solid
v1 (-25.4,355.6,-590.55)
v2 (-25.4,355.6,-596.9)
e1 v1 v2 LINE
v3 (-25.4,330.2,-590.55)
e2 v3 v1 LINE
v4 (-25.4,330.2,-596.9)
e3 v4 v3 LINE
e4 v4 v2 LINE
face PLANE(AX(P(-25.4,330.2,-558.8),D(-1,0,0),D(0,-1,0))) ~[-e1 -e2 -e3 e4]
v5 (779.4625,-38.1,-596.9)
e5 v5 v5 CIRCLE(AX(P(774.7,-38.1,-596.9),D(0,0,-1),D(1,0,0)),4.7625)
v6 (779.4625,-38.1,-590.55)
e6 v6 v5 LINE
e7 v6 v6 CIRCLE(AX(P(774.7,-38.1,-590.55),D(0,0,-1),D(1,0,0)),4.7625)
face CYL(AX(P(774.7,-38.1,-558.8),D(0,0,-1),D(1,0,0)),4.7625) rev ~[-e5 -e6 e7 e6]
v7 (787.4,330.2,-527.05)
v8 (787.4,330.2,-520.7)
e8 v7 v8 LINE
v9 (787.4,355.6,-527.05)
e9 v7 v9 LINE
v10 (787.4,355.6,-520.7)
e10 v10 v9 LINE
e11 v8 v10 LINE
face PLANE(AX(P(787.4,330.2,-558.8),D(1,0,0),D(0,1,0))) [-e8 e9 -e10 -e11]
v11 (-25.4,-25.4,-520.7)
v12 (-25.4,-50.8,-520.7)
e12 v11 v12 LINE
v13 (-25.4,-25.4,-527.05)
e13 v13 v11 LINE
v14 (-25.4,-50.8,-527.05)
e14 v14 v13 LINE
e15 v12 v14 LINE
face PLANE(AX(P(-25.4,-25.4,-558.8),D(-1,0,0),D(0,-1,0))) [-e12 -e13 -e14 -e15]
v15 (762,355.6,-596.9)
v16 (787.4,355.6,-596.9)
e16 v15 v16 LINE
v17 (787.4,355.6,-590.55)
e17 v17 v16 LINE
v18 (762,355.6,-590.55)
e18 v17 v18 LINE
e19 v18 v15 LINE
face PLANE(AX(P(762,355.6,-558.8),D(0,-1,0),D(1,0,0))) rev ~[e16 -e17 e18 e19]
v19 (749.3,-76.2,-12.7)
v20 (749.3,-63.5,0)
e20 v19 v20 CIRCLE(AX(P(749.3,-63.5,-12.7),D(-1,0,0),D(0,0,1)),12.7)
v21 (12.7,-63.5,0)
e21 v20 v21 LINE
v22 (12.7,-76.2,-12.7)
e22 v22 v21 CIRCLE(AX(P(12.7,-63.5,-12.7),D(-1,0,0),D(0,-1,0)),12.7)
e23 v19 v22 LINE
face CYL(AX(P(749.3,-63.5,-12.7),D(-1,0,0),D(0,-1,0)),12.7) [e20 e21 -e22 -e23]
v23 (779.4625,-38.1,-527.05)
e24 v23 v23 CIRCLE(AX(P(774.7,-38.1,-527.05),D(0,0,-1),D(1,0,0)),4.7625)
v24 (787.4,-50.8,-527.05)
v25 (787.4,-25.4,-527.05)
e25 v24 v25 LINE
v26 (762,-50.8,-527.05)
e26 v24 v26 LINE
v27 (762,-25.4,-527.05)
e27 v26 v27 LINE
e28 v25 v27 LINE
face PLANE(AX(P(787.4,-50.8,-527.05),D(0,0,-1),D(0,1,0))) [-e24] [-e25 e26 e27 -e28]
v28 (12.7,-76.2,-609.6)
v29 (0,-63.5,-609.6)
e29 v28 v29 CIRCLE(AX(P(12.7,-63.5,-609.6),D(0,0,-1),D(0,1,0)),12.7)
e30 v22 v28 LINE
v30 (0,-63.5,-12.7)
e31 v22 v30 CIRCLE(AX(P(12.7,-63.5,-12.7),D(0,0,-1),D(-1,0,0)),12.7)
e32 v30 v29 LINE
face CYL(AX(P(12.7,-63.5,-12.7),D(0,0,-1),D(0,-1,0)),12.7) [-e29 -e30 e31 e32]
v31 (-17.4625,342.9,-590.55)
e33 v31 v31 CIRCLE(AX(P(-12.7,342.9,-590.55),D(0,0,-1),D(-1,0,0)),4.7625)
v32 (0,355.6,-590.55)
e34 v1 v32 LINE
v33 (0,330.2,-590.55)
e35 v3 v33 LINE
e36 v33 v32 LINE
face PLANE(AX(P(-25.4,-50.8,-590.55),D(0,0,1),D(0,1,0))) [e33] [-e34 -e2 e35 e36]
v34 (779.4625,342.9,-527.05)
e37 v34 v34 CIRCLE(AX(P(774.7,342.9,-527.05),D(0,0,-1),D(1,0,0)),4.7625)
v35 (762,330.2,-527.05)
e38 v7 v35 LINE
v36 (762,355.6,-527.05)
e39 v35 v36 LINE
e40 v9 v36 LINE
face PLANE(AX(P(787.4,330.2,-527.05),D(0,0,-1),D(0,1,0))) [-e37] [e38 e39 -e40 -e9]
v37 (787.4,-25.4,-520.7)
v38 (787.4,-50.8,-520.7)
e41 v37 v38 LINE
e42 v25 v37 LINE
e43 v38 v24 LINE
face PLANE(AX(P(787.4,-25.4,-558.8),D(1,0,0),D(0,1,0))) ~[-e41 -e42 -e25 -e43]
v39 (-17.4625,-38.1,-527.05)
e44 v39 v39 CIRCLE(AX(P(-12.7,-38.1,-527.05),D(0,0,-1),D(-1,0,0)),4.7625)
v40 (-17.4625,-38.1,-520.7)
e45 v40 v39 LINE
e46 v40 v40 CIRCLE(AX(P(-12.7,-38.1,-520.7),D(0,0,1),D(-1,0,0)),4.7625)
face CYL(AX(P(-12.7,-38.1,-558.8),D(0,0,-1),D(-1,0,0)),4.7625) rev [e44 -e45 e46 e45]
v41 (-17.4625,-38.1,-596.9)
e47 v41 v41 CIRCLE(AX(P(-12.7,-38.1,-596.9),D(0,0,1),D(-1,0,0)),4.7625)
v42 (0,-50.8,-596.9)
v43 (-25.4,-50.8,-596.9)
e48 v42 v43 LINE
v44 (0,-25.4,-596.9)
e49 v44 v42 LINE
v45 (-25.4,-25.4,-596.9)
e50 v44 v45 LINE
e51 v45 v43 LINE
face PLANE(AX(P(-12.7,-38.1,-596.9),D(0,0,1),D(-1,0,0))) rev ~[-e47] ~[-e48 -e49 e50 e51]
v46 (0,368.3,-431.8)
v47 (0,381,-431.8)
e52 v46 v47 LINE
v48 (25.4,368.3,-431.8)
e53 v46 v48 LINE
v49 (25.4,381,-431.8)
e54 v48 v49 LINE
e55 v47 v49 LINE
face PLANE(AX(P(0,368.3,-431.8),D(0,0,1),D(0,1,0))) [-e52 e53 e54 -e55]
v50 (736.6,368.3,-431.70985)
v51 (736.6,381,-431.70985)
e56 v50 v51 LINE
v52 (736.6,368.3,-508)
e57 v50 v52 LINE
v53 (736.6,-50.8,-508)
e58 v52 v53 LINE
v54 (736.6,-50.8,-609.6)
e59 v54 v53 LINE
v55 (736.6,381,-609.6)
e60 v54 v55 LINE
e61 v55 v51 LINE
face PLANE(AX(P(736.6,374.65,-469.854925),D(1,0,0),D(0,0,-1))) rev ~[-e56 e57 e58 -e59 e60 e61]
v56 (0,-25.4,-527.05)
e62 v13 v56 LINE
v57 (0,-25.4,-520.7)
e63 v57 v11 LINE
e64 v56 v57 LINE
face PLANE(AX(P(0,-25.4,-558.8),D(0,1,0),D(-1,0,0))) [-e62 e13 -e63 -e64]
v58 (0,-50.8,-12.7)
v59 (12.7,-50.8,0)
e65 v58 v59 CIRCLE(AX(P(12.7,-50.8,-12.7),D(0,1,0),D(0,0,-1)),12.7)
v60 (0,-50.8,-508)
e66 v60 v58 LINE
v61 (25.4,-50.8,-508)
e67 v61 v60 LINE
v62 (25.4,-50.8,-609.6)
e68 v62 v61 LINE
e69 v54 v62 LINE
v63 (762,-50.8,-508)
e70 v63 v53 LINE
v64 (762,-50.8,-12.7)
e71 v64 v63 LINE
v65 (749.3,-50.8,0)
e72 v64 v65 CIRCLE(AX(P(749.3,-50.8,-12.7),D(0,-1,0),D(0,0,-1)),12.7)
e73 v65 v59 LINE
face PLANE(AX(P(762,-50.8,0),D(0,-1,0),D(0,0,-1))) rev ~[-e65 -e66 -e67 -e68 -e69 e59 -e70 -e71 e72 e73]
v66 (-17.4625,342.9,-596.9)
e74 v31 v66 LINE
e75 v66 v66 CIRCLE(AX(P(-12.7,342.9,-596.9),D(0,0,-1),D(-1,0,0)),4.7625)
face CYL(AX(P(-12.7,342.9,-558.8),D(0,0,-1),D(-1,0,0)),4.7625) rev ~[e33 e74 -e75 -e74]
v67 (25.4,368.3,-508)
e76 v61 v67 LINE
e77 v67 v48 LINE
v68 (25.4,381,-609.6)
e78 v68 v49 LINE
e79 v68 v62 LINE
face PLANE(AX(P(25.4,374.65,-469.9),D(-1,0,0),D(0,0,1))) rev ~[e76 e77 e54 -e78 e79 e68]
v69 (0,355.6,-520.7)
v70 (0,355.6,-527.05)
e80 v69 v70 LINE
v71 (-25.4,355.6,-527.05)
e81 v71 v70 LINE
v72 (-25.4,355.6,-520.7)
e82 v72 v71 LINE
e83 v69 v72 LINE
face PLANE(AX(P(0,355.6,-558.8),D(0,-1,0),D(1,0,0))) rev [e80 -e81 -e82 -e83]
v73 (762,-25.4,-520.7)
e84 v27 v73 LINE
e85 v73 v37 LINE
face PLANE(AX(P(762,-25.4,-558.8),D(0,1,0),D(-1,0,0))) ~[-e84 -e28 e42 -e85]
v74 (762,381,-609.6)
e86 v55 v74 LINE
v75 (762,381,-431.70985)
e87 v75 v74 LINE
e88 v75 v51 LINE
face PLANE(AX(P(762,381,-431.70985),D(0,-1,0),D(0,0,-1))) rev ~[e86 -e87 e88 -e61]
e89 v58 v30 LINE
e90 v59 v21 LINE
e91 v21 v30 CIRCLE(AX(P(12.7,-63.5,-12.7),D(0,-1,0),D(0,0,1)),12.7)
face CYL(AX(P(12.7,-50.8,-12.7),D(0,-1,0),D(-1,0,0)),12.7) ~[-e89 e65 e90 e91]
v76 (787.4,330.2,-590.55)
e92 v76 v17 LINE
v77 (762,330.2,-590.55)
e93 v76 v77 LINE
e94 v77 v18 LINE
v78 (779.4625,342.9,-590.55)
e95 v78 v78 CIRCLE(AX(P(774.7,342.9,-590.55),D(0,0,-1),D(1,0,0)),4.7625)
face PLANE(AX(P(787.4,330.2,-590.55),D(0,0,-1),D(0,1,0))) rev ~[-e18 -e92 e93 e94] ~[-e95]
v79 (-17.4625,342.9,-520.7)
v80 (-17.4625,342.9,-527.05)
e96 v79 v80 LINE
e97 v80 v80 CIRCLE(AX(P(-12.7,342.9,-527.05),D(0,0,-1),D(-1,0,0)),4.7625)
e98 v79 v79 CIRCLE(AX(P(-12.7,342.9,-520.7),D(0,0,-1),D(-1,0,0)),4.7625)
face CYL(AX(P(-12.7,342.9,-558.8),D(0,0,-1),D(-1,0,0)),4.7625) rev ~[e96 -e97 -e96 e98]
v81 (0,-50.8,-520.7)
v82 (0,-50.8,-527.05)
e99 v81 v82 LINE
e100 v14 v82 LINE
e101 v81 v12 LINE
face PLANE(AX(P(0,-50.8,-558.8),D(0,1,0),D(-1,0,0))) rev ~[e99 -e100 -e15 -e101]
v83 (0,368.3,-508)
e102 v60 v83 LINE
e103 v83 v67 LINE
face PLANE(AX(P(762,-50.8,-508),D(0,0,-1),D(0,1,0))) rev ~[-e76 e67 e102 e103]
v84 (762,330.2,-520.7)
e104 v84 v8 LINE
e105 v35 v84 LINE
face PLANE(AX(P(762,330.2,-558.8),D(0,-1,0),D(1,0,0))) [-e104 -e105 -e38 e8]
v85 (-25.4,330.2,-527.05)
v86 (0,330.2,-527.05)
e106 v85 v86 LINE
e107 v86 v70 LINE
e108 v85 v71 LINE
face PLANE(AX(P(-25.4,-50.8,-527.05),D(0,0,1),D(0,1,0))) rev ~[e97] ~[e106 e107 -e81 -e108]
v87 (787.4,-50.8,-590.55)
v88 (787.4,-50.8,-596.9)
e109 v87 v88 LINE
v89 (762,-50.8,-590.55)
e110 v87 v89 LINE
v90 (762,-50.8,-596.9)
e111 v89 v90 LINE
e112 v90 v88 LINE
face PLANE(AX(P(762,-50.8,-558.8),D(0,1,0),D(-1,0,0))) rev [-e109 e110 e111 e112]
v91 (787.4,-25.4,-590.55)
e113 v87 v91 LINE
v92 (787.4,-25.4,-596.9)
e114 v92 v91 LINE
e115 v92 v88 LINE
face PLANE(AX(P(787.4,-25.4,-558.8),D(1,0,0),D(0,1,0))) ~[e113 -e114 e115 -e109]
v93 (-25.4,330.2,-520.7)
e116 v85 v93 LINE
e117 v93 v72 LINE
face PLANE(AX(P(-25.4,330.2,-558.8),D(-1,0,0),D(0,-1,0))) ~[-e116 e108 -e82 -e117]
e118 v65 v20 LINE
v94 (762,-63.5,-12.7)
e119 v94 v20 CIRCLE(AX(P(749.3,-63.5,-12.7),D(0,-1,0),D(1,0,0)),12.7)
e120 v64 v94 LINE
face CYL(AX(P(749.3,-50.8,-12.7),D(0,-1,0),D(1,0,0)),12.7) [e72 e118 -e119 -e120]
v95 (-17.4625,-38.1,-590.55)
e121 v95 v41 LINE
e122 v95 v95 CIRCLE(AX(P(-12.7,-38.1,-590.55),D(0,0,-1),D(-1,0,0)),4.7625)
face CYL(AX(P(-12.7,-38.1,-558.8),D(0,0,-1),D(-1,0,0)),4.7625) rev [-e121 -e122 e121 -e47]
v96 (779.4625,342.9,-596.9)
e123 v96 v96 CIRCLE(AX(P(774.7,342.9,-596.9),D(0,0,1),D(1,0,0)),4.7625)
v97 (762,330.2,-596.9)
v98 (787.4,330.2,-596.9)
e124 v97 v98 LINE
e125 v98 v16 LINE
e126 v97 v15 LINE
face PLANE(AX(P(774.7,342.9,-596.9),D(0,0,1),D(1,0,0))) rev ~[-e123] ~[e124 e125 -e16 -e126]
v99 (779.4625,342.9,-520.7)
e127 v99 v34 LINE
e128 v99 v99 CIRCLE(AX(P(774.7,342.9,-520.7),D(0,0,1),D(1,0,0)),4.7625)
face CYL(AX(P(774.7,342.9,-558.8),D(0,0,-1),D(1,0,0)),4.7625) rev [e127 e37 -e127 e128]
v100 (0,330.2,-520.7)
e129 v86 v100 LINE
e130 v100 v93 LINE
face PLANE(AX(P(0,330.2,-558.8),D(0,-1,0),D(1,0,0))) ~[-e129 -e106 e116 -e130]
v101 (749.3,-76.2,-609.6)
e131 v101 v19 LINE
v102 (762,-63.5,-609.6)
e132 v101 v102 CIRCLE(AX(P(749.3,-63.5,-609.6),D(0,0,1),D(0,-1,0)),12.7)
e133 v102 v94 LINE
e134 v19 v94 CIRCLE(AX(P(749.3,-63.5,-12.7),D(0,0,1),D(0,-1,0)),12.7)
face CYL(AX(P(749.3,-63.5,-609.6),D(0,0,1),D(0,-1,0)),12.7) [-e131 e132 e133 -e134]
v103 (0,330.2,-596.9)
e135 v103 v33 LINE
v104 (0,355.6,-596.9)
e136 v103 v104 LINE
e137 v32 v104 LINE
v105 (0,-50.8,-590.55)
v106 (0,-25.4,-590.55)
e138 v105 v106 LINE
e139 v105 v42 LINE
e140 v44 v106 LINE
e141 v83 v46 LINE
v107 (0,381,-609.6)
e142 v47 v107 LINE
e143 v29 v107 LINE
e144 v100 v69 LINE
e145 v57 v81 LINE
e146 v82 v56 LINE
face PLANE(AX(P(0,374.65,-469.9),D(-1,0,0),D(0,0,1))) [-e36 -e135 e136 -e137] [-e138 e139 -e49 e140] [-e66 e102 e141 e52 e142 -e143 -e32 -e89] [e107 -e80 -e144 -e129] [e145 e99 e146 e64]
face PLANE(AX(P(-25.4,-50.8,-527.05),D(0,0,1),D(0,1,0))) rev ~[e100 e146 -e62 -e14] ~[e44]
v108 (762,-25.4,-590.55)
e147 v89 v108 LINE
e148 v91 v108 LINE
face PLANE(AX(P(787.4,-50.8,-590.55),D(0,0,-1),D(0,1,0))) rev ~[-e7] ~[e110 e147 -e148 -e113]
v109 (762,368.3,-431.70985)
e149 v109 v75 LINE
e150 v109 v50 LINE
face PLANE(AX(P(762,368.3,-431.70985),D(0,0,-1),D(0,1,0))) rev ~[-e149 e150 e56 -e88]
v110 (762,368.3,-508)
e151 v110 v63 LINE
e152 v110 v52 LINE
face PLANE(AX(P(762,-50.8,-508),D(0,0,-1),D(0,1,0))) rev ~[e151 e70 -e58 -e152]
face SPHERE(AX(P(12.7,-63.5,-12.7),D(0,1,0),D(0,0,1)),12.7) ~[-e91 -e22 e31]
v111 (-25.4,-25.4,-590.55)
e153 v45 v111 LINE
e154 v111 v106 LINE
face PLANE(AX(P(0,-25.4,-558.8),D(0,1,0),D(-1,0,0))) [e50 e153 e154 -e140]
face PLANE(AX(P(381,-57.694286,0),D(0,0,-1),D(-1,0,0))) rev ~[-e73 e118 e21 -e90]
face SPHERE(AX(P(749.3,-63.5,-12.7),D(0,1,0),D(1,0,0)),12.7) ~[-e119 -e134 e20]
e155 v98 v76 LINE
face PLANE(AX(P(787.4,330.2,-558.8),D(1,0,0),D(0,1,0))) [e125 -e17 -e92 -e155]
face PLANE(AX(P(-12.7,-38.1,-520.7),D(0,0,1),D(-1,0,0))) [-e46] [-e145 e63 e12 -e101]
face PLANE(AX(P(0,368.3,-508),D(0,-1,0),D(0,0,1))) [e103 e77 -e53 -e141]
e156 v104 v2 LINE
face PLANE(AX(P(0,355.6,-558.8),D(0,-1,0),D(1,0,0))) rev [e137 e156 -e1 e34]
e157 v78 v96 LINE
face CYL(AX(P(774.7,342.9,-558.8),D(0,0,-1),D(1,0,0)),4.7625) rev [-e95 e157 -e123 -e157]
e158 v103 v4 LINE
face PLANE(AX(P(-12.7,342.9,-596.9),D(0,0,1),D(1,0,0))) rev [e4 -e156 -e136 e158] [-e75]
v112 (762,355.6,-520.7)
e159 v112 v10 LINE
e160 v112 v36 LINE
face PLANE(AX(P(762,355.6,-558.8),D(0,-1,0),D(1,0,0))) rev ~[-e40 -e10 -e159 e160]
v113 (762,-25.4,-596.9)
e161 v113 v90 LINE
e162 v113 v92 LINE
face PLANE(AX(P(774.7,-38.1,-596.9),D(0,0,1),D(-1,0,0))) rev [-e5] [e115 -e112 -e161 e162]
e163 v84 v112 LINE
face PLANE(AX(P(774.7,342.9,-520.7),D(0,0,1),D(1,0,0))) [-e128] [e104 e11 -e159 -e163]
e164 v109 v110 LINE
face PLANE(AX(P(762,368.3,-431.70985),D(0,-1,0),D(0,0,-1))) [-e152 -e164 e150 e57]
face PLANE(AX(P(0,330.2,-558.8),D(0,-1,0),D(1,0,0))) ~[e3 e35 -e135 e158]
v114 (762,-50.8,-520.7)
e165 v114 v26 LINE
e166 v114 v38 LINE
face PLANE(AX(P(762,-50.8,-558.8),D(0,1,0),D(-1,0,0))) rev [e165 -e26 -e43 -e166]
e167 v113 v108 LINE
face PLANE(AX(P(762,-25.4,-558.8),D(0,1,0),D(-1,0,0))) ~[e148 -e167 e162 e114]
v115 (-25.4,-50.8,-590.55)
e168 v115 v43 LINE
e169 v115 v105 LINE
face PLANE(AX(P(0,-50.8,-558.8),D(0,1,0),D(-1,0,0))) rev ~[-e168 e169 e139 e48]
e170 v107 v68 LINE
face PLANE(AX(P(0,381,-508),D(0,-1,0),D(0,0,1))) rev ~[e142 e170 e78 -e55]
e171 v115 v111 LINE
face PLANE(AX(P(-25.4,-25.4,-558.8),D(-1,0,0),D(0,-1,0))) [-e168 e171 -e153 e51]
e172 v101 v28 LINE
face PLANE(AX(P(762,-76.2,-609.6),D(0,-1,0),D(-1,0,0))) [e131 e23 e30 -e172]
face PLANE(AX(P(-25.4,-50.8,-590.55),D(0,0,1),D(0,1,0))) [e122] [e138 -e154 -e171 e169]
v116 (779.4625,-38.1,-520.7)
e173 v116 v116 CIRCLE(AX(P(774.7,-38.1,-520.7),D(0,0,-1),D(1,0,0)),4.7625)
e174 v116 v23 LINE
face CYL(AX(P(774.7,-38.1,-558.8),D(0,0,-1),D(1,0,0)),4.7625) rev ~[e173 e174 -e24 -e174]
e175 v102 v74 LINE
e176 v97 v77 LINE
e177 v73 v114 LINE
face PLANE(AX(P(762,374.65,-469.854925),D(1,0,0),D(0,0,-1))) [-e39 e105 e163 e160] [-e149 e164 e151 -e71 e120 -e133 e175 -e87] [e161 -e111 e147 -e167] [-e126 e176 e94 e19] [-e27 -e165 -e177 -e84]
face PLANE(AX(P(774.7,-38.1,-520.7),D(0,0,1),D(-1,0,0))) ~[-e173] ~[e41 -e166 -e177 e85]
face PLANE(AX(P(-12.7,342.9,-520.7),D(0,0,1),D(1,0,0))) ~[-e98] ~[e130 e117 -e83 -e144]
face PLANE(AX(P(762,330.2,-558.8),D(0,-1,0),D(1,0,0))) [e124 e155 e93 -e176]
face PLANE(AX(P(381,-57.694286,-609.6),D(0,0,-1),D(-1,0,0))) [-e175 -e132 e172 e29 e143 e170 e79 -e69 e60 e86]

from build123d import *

# Parameters (mm, degrees)
SKETCH1_W                                      = 762
SKETCH1_H                                      = 381
BASE_STRUCTURE_DEPTH                           = 609.6
SKETCH3_W                                      = 711.2
SKETCH3_H                                      = 330.2
SHELL_CUT_DEPTH                                = 584.2
SKETCH5_W                                      = 25.4
SKETCH5_H                                      = 25.4
SKETCH5_R                                      = 4.7625
STABILITY_HOLDER_CUT_FOR_TOP_DEPTH             = 38.1
SKETCH7_W                                      = 63.5
SKETCH7_H                                      = 25.4
INSUDE_CUT_OF_STABILITY_HOLDERS_DEPTH          = 25.4
SKETCH14_W                                     = 711.2
SKETCH14_H                                     = 25.4
TOP_SHELLING_DEPTH                             = 406.4
SKETCH16_W                                     = 711.2
SKETCH16_H                                     = 50.8
BOTTOM_EXTENSION_DEPTH                         = 609.6
SKETCH16_6_W                                   = 711.2
SKETCH16_6_H                                   = 25.4
SKETCH16_6_H_2                                 = 50.8
BOTTOM_SHELLING_DEPTH                          = 584.2
SKETCH17_W                                     = 63.5
SKETCH17_H                                     = 25.4
BOTTOM_STABILTY_HOLDER_SHELL_CUT_DEPTH         = 25.4
SKETCH18_W                                     = 508
SKETCH18_H                                     = 406.4
F_3_4SHELL_FRONT_CHASSIS_CUT_DEPTH             = 763
FILLET_CORNER_OF_FRONT_CHASSIS_R               = 12.7
SKETCH95_W                                     = 508
SKETCH95_H                                     = 25.4
CUT_TOP_EXTRUSION_OF_CHASSIS_DEPTH             = 763
SKETCH171_W                                    = 76.290149759
SKETCH171_H                                    = 12.7
EXTRUSION_OF_STEERING_RACK_HOLDER_DEPTH        = 25.4
SKETCH172_W                                    = 76.2
SKETCH172_H                                    = 12.7
EXTRUSION_OF_OTHER_STEERING_RACK_HOLDER_DEPTH  = 25.4
MIRRORS_STABILITY_HOLDERS_COPY_1_SKETCH_W      = 25.4
MIRRORS_STABILITY_HOLDERS_COPY_1_SKETCH_H      = 25.4
MIRRORS_STABILITY_HOLDERS_COPY_1_SKETCH_R      = 4.7625
MIRRORS_STABILITY_HOLDERS_COPY_1_DEPTH         = 38.1
SKETCH173_W                                    = 63.5
SKETCH173_H                                    = 406.4
EXTRUSION_OF_OTHER_STABILITY_HOLDERS_TOP_DEPTH = 25.4
FILLET_OF_RIGHT_CORNER_OF_FRONT_CHASSIS_R      = 12.7
FILLET_OF_BOTTOM_SIDE_OF_FRONT_CHASSIS_R       = 12.7


with BuildPart() as part:
    # Sketch1 → Base Structure (new body)
    with BuildSketch(Plane.XY):
        with Locations((381, 190.5)):
            Rectangle(SKETCH1_W, SKETCH1_H)
    extrude(amount=-BASE_STRUCTURE_DEPTH)

    # Sketch3 → Shell Cut (cut)
    with BuildSketch(Plane(origin=(0, 0, -609.6), x_dir=(-1, 0, 0), z_dir=(0, 0, -1))):
        with Locations((-381, 190.5)):
            Rectangle(SKETCH3_W, SKETCH3_H)
    extrude(amount=-SHELL_CUT_DEPTH, mode=Mode.SUBTRACT)

    # Sketch5 → Stability Holder Cut for Top (add, symmetric)
    with BuildSketch(Plane.XY.offset(-558.8)):
        with Locations((774.7, 342.9)):
            Rectangle(SKETCH5_W, SKETCH5_H)
        with Locations((774.7, 342.9)):
            Circle(SKETCH5_R, mode=Mode.SUBTRACT)
    stability_holder_cut_for_top = extrude(amount=STABILITY_HOLDER_CUT_FOR_TOP_DEPTH, both=True)

    # Sketch7 → Insude Cut of Stability Holders (cut)
    with BuildSketch(Plane(origin=(787.4, 0, 0), x_dir=(0, 0, -1), z_dir=(1, 0, 0))):
        with Locations((558.8, 342.9)):
            Rectangle(SKETCH7_W, SKETCH7_H)
    extrude(amount=-INSUDE_CUT_OF_STABILITY_HOLDERS_DEPTH, mode=Mode.SUBTRACT)

    # Sketch14 → Top Shelling (cut)
    with BuildSketch(Plane(origin=(0, 0, -609.6), x_dir=(-1, 0, 0), z_dir=(0, 0, -1))):
        with Locations((-381, 368.3)):
            Rectangle(SKETCH14_W, SKETCH14_H)
    extrude(amount=-TOP_SHELLING_DEPTH, mode=Mode.SUBTRACT)

    # Sketch16 → Bottom Extension (add)
    with BuildSketch(Plane(origin=(0, 0, -609.6), x_dir=(-1, 0, 0), z_dir=(0, 0, -1))):
        Polygon((-736.6, -50.8), (-736.6, 0), (-762, 0), (-762, -76.2), (0, -76.2), (0, 0), (-25.4, 0), (-25.4, -50.8), align=None)
        with Locations((-381, -25.4)):
            Rectangle(SKETCH16_W, SKETCH16_H)
    extrude(amount=-BOTTOM_EXTENSION_DEPTH)

    # Sketch16<6> → Bottom Shelling (cut)
    with BuildSketch(Plane(origin=(0, 0, -609.6), x_dir=(-1, 0, 0), z_dir=(0, 0, -1))):
        with Locations((-381, 12.7)):
            Rectangle(SKETCH16_6_W, SKETCH16_6_H)
        with Locations((-381, -25.4)):
            Rectangle(SKETCH16_6_W, SKETCH16_6_H_2)
    extrude(amount=-BOTTOM_SHELLING_DEPTH, mode=Mode.SUBTRACT)

    # Mirror5: Stability Holder Cut for Top across plane
    add(stability_holder_cut_for_top.mirror(Plane.ZX.offset(152.4)))

    # Sketch17 → Bottom Stabilty Holder Shell Cut (cut)
    with BuildSketch(Plane(origin=(787.4, 0, 0), x_dir=(0, 0, -1), z_dir=(1, 0, 0))):
        with Locations((558.8, -38.1)):
            Rectangle(SKETCH17_W, SKETCH17_H)
    extrude(amount=-BOTTOM_STABILTY_HOLDER_SHELL_CUT_DEPTH, mode=Mode.SUBTRACT)

    # Sketch18 → 3/4Shell Front Chassis Cut (cut, through all)
    with BuildSketch(Plane(origin=(762, 0, 0), x_dir=(0, 0, -1), z_dir=(1, 0, 0))):
        with Locations((254, 152.4)):
            Rectangle(SKETCH18_W, SKETCH18_H)
    extrude(amount=-F_3_4SHELL_FRONT_CHASSIS_CUT_DEPTH, mode=Mode.SUBTRACT)

    # Fillet Corner of Front Chassis
    fillet_corner_of_front_chassis_edges = [part.edges().sort_by_distance(p)[0] for p in [
        (762, -63.5, 0),
    ]]
    fillet(fillet_corner_of_front_chassis_edges, radius=FILLET_CORNER_OF_FRONT_CHASSIS_R)

    # Sketch95 → Cut Top Extrusion of Chassis (cut, through all)
    with BuildSketch(Plane(origin=(762, 0, 0), x_dir=(0, 0, -1), z_dir=(1, 0, 0))):
        with Locations((254, 368.3)):
            Rectangle(SKETCH95_W, SKETCH95_H)
    extrude(amount=-CUT_TOP_EXTRUSION_OF_CHASSIS_DEPTH, mode=Mode.SUBTRACT)

    # Sketch171 → Extrusion of Steering Rack Holder (add)
    with BuildSketch(Plane(origin=(762, 0, 0), x_dir=(0, 0, -1), z_dir=(1, 0, 0))):
        with Locations((469.854925121, 374.65)):
            Rectangle(SKETCH171_W, SKETCH171_H)
    extrude(amount=-EXTRUSION_OF_STEERING_RACK_HOLDER_DEPTH)

    # Sketch172 → Extrusion of Other Steering Rack Holder (add)
    with BuildSketch(Plane.ZY):
        with Locations((-469.9, 374.65)):
            Rectangle(SKETCH172_W, SKETCH172_H)
    extrude(amount=-EXTRUSION_OF_OTHER_STEERING_RACK_HOLDER_DEPTH)

    # Mirrors Stability Holders: Stability Holder Cut for Top across plane
    add(stability_holder_cut_for_top.mirror(Plane(origin=(381, 0, 0), x_dir=(0, 0, 1), z_dir=(1, 0, 0))))

    # Mirrors Stability Holders copy 1 sketch → Mirrors Stability Holders copy 1 (add, symmetric)
    with BuildSketch(Plane(origin=(762, 304.8, -558.8), x_dir=(-1, 0, 0), z_dir=(0, 0, 1))):
        with Locations((774.7, 342.9)):
            Rectangle(MIRRORS_STABILITY_HOLDERS_COPY_1_SKETCH_W, MIRRORS_STABILITY_HOLDERS_COPY_1_SKETCH_H)
        with Locations((774.7, 342.9)):
            Circle(MIRRORS_STABILITY_HOLDERS_COPY_1_SKETCH_R, mode=Mode.SUBTRACT)
    extrude(amount=MIRRORS_STABILITY_HOLDERS_COPY_1_DEPTH, both=True)

    # Sketch173 → Extrusion of Other Stability Holders Top and Bottom (cut)
    with BuildSketch(Plane.ZY.offset(25.4)):
        with Locations((-558.8, 152.4)):
            Rectangle(SKETCH173_W, SKETCH173_H)
    extrude(amount=-EXTRUSION_OF_OTHER_STABILITY_HOLDERS_TOP_DEPTH, mode=Mode.SUBTRACT)

    # Fillet of Right Corner of Front Chassis
    fillet_of_right_corner_of_front_chassis_edges = [part.edges().sort_by_distance(p)[0] for p in [
        (0, -63.5, 0),
    ]]
    fillet(fillet_of_right_corner_of_front_chassis_edges, radius=FILLET_OF_RIGHT_CORNER_OF_FRONT_CHASSIS_R)

    # Fillet of Bottom Side of Front Chassis
    fillet_of_bottom_side_of_front_chassis_edges = [part.edges().sort_by_distance(p)[0] for p in [
        (381, -76.2, 0),
        (762, -76.2, -311.15),
        (758.280256121, -76.2, -3.719743879),
        (0, -76.2, -311.15),
        (3.719743879, -76.2, -3.719743879),
    ]]
    fillet(fillet_of_bottom_side_of_front_chassis_edges, radius=FILLET_OF_BOTTOM_SIDE_OF_FRONT_CHASSIS_R)


solid = part.part
